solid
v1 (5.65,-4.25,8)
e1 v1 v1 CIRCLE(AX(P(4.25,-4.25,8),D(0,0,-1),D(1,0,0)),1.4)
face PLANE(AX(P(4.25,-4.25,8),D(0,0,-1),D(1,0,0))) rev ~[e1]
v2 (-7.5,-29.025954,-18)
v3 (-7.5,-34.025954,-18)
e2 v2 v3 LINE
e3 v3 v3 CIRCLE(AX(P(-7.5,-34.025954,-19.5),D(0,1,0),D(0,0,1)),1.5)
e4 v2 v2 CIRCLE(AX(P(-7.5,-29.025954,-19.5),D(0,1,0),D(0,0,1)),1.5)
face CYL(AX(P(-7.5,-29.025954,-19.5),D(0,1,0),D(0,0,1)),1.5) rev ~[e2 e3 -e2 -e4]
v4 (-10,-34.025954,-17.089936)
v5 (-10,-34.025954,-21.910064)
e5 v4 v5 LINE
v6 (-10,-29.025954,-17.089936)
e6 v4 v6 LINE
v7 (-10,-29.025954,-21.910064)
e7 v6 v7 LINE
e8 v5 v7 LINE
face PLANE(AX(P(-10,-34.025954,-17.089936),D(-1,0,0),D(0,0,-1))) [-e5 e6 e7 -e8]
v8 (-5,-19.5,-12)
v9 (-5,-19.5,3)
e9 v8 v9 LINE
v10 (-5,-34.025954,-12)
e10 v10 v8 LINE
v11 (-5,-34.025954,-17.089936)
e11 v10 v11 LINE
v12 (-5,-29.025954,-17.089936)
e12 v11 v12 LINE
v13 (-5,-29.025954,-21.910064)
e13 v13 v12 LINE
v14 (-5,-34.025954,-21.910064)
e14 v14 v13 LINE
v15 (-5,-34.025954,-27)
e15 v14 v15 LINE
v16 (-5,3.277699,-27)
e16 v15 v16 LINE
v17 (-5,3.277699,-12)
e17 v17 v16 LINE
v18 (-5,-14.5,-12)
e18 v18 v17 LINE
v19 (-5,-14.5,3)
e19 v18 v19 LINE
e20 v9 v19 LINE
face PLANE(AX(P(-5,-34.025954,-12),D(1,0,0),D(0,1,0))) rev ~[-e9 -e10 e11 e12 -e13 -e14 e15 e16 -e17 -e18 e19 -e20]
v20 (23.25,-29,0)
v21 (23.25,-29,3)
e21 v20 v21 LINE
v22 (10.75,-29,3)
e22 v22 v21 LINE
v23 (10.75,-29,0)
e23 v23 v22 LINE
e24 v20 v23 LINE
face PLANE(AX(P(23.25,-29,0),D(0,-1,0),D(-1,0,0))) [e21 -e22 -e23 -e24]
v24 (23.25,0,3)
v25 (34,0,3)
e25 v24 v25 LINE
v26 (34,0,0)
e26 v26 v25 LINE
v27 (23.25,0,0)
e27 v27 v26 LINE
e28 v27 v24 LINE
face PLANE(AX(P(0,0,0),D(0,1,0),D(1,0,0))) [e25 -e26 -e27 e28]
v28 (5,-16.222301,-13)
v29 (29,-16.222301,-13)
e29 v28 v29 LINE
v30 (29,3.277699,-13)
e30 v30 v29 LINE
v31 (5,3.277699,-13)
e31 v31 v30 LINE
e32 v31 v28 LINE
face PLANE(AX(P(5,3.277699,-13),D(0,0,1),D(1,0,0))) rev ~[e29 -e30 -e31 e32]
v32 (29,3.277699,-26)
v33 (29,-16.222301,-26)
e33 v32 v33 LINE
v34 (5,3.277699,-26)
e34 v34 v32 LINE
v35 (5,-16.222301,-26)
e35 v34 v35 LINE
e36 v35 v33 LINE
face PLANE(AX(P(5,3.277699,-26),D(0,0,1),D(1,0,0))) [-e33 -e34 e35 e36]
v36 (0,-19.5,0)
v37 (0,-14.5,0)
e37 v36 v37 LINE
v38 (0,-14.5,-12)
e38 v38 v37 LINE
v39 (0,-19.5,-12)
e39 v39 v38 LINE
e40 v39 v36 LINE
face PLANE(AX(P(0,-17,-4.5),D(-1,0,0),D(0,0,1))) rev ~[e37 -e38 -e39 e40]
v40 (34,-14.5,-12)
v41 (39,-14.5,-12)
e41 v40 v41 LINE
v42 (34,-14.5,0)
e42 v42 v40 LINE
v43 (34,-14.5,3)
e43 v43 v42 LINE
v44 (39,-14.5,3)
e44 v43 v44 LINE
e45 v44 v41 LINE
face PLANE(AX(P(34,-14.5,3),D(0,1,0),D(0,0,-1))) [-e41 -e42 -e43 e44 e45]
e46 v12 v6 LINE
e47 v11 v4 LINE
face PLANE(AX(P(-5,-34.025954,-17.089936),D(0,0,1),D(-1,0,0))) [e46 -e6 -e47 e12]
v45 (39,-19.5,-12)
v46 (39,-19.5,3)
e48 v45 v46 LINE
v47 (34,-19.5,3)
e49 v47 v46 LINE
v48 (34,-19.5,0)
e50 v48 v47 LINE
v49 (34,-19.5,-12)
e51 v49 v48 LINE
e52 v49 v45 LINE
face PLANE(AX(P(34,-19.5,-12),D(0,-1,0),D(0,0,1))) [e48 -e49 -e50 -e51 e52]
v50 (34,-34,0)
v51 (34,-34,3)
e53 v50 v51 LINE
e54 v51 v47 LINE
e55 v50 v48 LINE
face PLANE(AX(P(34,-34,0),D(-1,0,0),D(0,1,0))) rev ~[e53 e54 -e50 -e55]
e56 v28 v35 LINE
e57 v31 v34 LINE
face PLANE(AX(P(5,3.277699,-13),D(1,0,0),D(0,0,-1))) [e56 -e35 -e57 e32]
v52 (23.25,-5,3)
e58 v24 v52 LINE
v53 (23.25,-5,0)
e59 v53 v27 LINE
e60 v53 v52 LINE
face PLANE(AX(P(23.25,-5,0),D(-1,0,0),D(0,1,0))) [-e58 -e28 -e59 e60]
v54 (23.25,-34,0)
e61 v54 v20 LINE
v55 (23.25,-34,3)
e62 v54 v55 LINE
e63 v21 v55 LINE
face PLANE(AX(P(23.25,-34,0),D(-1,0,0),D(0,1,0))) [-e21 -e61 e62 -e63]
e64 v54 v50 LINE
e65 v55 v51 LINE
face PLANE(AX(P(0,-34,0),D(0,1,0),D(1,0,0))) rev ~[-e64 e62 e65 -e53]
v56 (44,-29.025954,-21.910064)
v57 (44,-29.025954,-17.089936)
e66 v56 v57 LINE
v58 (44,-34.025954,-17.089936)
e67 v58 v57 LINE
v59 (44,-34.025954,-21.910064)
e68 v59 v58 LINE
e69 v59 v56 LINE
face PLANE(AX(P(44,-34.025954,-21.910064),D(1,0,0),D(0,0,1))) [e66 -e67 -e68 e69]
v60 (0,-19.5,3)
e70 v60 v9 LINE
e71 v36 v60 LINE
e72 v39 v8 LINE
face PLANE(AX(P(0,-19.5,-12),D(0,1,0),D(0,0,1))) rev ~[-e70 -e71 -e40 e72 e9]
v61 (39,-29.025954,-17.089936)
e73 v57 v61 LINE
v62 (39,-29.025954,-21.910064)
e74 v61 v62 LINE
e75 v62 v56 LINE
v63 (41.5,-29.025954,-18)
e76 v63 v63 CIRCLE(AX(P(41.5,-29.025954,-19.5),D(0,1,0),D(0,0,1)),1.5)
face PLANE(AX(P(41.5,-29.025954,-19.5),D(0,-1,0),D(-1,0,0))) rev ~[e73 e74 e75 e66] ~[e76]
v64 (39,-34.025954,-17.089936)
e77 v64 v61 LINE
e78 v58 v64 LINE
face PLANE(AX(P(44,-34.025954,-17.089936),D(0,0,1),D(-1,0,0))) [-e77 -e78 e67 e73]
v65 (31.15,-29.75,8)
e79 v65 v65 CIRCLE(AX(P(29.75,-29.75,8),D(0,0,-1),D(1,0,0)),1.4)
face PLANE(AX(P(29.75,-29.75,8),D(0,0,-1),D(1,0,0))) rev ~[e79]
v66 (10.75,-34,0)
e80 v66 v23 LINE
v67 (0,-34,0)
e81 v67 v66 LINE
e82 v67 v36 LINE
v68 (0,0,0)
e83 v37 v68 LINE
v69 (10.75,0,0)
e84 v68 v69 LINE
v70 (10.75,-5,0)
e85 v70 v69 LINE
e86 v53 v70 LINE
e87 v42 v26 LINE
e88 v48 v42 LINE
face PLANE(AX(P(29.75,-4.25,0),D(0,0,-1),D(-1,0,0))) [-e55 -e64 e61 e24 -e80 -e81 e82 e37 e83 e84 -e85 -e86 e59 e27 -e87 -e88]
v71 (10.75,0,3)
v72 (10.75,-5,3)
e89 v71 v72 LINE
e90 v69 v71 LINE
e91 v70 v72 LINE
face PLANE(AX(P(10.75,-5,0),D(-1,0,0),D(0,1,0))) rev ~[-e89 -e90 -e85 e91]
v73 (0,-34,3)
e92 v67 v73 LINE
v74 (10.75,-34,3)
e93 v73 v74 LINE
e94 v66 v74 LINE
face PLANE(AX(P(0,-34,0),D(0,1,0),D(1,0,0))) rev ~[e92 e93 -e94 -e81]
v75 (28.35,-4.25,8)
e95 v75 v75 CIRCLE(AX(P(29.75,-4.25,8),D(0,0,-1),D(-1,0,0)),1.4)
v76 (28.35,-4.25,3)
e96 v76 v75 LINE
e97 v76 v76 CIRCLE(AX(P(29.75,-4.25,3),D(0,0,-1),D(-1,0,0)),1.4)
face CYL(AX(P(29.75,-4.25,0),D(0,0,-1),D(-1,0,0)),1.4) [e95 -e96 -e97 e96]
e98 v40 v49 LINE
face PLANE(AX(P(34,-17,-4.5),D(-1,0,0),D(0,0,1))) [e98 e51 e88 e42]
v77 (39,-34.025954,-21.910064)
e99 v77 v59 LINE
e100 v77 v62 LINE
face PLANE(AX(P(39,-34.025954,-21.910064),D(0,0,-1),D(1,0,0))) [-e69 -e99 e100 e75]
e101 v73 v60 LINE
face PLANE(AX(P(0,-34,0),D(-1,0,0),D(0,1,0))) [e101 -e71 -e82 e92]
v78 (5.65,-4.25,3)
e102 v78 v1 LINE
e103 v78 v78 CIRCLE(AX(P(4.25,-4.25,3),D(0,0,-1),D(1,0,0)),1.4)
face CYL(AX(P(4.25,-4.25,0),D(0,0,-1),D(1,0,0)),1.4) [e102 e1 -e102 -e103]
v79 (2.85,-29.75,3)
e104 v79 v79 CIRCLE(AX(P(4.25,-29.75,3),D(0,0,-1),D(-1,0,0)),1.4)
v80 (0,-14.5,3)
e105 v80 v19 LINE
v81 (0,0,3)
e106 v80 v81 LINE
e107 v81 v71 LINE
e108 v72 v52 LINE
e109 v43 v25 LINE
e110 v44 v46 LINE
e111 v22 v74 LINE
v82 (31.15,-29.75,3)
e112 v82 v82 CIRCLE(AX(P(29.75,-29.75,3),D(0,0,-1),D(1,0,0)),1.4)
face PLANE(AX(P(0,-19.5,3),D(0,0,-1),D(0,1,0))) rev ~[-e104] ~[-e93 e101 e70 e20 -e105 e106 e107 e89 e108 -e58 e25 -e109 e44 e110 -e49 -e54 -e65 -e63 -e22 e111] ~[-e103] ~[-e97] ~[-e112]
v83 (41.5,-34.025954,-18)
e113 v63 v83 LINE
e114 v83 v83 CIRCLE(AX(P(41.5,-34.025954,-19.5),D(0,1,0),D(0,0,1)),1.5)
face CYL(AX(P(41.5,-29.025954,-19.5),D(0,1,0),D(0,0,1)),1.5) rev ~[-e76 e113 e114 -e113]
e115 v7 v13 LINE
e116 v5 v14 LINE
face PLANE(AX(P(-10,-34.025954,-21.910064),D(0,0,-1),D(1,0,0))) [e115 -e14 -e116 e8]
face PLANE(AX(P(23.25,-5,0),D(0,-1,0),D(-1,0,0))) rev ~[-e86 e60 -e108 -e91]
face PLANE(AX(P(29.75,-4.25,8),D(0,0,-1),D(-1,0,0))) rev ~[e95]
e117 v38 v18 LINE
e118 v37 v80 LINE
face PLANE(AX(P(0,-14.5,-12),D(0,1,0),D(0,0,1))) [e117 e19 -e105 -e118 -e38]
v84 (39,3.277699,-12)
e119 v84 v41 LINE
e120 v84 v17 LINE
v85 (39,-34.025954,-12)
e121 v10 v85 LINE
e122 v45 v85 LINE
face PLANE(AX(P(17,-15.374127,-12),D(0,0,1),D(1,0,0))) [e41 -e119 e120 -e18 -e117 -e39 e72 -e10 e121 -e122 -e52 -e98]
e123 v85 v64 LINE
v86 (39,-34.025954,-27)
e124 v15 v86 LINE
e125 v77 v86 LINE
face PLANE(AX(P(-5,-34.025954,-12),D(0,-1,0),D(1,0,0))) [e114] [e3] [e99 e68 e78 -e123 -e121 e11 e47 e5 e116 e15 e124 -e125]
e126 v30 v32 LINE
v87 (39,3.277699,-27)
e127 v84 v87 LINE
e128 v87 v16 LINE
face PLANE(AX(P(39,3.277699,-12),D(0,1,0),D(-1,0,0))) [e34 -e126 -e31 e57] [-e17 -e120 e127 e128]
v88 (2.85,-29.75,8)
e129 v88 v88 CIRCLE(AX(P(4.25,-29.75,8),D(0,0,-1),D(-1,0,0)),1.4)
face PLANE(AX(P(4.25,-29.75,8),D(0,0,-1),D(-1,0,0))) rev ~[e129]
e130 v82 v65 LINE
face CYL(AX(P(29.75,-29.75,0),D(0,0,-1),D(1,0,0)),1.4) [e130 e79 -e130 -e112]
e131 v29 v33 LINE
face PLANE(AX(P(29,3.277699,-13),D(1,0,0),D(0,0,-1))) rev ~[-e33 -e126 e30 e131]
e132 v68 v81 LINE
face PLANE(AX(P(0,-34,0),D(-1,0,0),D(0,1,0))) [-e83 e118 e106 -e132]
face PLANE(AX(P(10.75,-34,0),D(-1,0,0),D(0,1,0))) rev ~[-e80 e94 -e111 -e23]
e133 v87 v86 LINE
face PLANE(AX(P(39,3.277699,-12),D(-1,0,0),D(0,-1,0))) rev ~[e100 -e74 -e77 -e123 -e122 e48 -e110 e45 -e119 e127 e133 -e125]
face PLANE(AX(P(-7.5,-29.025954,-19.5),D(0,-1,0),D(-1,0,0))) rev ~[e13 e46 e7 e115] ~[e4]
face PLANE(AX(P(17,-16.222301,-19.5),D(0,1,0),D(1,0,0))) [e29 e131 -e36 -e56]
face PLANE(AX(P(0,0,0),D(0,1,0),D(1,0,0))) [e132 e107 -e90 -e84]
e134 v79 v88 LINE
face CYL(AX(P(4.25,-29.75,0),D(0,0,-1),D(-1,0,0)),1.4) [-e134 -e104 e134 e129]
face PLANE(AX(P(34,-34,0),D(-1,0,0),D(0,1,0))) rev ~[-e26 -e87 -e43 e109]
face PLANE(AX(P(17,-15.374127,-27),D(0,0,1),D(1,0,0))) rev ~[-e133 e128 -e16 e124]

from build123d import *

# Parameters (mm, degrees)
SKETCH1_W           = 34
SKETCH1_H           = 34
BOSS_EXTRUDE1_DEPTH = 3
SKETCH2_W           = 12.5
SKETCH2_H           = 5
CUT_EXTRUDE1_DEPTH  = 49.176757882
BOSS_EXTRUDE2_DEPTH = 5
SKETCH3_R           = 1.4
BOSS_EXTRUDE3_DEPTH = 8
SKETCH33_W          = 15
SKETCH33_H          = 5
BOSS_EXTRUDE4_DEPTH = 5
BOSS_EXTRUDE6_DEPTH = 15
SKETCH36_W          = 24
SKETCH36_H          = 13
CUT_EXTRUDE2_DEPTH  = 19.5
BOSS_EXTRUDE7_DEPTH = 5
SKETCH39_R          = 1.5
CUT_EXTRUDE3_DEPTH  = 61.897668661


with BuildPart() as part:
    # Sketch1 → Boss-Extrude1 (new body)
    with BuildSketch(Plane.XY):
        with Locations((17, -17)):
            Rectangle(SKETCH1_W, SKETCH1_H)
    extrude(amount=BOSS_EXTRUDE1_DEPTH)

    # Sketch2 → Cut-Extrude1 (cut, through all)
    with BuildSketch(Plane(origin=(0, 0, 0), x_dir=(-1, 0, 0), z_dir=(0, 0, -1))):
        with Locations((-17, -2.5)):
            Rectangle(SKETCH2_W, SKETCH2_H)
        with Locations((-17, -31.5)):
            Rectangle(SKETCH2_W, SKETCH2_H)
    extrude(amount=-CUT_EXTRUDE1_DEPTH, mode=Mode.SUBTRACT)

    # Sketch25 → Boss-Extrude2 (add)
    with BuildSketch(Plane(origin=(34, 0, 0), x_dir=(0, 0, -1), z_dir=(1, 0, 0))):
        Polygon((-3, -17), (-3, -14.5), (12, -14.5), (12, -19.5), (-3, -19.5), align=None)
    extrude(amount=BOSS_EXTRUDE2_DEPTH)

    # Sketch3 → Boss-Extrude3 (add)
    with BuildSketch(Plane(origin=(0, 0, 0), x_dir=(-1, 0, 0), z_dir=(0, 0, -1))):
        with Locations((-29.75, -4.25)):
            Circle(SKETCH3_R)
        with Locations(Location((-4.25, -4.25, 0), (0, 0, 180))):
            Circle(SKETCH3_R)
        with Locations((-4.25, -29.75)):
            Circle(SKETCH3_R)
        with Locations(Location((-29.75, -29.75, 0), (0, 0, 180))):
            Circle(SKETCH3_R)
    extrude(amount=-BOSS_EXTRUDE3_DEPTH)

    # Sketch33 → Boss-Extrude4 (add)
    with BuildSketch(Plane.ZY):
        with Locations((-4.5, -17)):
            Rectangle(SKETCH33_W, SKETCH33_H)
    extrude(amount=BOSS_EXTRUDE4_DEPTH)

    # Sketch35 → Boss-Extrude6 (add)
    with BuildSketch(Plane(origin=(0, 0, -12), x_dir=(-1, 0, 0), z_dir=(0, 0, -1))):
        Polygon((-39, -17), (-39, 3.277699473), (5, 3.277699473), (5, -17), (5, -34.025954319), (-39, -34.025954319), align=None)
    extrude(amount=BOSS_EXTRUDE6_DEPTH)

    # Sketch36 → Cut-Extrude2 (cut)
    with BuildSketch(Plane(origin=(0, 3.277699473, 0), x_dir=(1, 0, 0), z_dir=(0, 1, 0))):
        with Locations((17, 19.5)):
            Rectangle(SKETCH36_W, SKETCH36_H)
    extrude(amount=-CUT_EXTRUDE2_DEPTH, mode=Mode.SUBTRACT)

    # Sketch38 → Boss-Extrude7 (add)
    with BuildSketch(Plane(origin=(0, -34.025954319, 0), x_dir=(-1, 0, 0), z_dir=(0, -1, 0))):
        Polygon((10, 21.910063987), (5, 21.910063987), (5, 17.089936013), (10, 17.089936013), (10, 19.410063987), (10, 19.589936013), align=None)
        Polygon((-39, 17.089936013), (-39, 21.910063987), (-44, 21.910063987), (-44, 19.589936013), (-44, 19.410063987), (-44, 17.089936013), align=None)
    extrude(amount=-BOSS_EXTRUDE7_DEPTH)

    # Sketch39 → Cut-Extrude3 (cut, through all)
    with BuildSketch(Plane(origin=(0, -29.025954319, 0), x_dir=(1, 0, 0), z_dir=(0, 1, 0))):
        with Locations(Location((-7.5, 19.5, 0), (0, 0, 270))):
            Circle(SKETCH39_R)
        with Locations(Location((41.5, 19.5, 0), (0, 0, 270))):
            Circle(SKETCH39_R)
    extrude(amount=-CUT_EXTRUDE3_DEPTH, mode=Mode.SUBTRACT)


solid = part.part
